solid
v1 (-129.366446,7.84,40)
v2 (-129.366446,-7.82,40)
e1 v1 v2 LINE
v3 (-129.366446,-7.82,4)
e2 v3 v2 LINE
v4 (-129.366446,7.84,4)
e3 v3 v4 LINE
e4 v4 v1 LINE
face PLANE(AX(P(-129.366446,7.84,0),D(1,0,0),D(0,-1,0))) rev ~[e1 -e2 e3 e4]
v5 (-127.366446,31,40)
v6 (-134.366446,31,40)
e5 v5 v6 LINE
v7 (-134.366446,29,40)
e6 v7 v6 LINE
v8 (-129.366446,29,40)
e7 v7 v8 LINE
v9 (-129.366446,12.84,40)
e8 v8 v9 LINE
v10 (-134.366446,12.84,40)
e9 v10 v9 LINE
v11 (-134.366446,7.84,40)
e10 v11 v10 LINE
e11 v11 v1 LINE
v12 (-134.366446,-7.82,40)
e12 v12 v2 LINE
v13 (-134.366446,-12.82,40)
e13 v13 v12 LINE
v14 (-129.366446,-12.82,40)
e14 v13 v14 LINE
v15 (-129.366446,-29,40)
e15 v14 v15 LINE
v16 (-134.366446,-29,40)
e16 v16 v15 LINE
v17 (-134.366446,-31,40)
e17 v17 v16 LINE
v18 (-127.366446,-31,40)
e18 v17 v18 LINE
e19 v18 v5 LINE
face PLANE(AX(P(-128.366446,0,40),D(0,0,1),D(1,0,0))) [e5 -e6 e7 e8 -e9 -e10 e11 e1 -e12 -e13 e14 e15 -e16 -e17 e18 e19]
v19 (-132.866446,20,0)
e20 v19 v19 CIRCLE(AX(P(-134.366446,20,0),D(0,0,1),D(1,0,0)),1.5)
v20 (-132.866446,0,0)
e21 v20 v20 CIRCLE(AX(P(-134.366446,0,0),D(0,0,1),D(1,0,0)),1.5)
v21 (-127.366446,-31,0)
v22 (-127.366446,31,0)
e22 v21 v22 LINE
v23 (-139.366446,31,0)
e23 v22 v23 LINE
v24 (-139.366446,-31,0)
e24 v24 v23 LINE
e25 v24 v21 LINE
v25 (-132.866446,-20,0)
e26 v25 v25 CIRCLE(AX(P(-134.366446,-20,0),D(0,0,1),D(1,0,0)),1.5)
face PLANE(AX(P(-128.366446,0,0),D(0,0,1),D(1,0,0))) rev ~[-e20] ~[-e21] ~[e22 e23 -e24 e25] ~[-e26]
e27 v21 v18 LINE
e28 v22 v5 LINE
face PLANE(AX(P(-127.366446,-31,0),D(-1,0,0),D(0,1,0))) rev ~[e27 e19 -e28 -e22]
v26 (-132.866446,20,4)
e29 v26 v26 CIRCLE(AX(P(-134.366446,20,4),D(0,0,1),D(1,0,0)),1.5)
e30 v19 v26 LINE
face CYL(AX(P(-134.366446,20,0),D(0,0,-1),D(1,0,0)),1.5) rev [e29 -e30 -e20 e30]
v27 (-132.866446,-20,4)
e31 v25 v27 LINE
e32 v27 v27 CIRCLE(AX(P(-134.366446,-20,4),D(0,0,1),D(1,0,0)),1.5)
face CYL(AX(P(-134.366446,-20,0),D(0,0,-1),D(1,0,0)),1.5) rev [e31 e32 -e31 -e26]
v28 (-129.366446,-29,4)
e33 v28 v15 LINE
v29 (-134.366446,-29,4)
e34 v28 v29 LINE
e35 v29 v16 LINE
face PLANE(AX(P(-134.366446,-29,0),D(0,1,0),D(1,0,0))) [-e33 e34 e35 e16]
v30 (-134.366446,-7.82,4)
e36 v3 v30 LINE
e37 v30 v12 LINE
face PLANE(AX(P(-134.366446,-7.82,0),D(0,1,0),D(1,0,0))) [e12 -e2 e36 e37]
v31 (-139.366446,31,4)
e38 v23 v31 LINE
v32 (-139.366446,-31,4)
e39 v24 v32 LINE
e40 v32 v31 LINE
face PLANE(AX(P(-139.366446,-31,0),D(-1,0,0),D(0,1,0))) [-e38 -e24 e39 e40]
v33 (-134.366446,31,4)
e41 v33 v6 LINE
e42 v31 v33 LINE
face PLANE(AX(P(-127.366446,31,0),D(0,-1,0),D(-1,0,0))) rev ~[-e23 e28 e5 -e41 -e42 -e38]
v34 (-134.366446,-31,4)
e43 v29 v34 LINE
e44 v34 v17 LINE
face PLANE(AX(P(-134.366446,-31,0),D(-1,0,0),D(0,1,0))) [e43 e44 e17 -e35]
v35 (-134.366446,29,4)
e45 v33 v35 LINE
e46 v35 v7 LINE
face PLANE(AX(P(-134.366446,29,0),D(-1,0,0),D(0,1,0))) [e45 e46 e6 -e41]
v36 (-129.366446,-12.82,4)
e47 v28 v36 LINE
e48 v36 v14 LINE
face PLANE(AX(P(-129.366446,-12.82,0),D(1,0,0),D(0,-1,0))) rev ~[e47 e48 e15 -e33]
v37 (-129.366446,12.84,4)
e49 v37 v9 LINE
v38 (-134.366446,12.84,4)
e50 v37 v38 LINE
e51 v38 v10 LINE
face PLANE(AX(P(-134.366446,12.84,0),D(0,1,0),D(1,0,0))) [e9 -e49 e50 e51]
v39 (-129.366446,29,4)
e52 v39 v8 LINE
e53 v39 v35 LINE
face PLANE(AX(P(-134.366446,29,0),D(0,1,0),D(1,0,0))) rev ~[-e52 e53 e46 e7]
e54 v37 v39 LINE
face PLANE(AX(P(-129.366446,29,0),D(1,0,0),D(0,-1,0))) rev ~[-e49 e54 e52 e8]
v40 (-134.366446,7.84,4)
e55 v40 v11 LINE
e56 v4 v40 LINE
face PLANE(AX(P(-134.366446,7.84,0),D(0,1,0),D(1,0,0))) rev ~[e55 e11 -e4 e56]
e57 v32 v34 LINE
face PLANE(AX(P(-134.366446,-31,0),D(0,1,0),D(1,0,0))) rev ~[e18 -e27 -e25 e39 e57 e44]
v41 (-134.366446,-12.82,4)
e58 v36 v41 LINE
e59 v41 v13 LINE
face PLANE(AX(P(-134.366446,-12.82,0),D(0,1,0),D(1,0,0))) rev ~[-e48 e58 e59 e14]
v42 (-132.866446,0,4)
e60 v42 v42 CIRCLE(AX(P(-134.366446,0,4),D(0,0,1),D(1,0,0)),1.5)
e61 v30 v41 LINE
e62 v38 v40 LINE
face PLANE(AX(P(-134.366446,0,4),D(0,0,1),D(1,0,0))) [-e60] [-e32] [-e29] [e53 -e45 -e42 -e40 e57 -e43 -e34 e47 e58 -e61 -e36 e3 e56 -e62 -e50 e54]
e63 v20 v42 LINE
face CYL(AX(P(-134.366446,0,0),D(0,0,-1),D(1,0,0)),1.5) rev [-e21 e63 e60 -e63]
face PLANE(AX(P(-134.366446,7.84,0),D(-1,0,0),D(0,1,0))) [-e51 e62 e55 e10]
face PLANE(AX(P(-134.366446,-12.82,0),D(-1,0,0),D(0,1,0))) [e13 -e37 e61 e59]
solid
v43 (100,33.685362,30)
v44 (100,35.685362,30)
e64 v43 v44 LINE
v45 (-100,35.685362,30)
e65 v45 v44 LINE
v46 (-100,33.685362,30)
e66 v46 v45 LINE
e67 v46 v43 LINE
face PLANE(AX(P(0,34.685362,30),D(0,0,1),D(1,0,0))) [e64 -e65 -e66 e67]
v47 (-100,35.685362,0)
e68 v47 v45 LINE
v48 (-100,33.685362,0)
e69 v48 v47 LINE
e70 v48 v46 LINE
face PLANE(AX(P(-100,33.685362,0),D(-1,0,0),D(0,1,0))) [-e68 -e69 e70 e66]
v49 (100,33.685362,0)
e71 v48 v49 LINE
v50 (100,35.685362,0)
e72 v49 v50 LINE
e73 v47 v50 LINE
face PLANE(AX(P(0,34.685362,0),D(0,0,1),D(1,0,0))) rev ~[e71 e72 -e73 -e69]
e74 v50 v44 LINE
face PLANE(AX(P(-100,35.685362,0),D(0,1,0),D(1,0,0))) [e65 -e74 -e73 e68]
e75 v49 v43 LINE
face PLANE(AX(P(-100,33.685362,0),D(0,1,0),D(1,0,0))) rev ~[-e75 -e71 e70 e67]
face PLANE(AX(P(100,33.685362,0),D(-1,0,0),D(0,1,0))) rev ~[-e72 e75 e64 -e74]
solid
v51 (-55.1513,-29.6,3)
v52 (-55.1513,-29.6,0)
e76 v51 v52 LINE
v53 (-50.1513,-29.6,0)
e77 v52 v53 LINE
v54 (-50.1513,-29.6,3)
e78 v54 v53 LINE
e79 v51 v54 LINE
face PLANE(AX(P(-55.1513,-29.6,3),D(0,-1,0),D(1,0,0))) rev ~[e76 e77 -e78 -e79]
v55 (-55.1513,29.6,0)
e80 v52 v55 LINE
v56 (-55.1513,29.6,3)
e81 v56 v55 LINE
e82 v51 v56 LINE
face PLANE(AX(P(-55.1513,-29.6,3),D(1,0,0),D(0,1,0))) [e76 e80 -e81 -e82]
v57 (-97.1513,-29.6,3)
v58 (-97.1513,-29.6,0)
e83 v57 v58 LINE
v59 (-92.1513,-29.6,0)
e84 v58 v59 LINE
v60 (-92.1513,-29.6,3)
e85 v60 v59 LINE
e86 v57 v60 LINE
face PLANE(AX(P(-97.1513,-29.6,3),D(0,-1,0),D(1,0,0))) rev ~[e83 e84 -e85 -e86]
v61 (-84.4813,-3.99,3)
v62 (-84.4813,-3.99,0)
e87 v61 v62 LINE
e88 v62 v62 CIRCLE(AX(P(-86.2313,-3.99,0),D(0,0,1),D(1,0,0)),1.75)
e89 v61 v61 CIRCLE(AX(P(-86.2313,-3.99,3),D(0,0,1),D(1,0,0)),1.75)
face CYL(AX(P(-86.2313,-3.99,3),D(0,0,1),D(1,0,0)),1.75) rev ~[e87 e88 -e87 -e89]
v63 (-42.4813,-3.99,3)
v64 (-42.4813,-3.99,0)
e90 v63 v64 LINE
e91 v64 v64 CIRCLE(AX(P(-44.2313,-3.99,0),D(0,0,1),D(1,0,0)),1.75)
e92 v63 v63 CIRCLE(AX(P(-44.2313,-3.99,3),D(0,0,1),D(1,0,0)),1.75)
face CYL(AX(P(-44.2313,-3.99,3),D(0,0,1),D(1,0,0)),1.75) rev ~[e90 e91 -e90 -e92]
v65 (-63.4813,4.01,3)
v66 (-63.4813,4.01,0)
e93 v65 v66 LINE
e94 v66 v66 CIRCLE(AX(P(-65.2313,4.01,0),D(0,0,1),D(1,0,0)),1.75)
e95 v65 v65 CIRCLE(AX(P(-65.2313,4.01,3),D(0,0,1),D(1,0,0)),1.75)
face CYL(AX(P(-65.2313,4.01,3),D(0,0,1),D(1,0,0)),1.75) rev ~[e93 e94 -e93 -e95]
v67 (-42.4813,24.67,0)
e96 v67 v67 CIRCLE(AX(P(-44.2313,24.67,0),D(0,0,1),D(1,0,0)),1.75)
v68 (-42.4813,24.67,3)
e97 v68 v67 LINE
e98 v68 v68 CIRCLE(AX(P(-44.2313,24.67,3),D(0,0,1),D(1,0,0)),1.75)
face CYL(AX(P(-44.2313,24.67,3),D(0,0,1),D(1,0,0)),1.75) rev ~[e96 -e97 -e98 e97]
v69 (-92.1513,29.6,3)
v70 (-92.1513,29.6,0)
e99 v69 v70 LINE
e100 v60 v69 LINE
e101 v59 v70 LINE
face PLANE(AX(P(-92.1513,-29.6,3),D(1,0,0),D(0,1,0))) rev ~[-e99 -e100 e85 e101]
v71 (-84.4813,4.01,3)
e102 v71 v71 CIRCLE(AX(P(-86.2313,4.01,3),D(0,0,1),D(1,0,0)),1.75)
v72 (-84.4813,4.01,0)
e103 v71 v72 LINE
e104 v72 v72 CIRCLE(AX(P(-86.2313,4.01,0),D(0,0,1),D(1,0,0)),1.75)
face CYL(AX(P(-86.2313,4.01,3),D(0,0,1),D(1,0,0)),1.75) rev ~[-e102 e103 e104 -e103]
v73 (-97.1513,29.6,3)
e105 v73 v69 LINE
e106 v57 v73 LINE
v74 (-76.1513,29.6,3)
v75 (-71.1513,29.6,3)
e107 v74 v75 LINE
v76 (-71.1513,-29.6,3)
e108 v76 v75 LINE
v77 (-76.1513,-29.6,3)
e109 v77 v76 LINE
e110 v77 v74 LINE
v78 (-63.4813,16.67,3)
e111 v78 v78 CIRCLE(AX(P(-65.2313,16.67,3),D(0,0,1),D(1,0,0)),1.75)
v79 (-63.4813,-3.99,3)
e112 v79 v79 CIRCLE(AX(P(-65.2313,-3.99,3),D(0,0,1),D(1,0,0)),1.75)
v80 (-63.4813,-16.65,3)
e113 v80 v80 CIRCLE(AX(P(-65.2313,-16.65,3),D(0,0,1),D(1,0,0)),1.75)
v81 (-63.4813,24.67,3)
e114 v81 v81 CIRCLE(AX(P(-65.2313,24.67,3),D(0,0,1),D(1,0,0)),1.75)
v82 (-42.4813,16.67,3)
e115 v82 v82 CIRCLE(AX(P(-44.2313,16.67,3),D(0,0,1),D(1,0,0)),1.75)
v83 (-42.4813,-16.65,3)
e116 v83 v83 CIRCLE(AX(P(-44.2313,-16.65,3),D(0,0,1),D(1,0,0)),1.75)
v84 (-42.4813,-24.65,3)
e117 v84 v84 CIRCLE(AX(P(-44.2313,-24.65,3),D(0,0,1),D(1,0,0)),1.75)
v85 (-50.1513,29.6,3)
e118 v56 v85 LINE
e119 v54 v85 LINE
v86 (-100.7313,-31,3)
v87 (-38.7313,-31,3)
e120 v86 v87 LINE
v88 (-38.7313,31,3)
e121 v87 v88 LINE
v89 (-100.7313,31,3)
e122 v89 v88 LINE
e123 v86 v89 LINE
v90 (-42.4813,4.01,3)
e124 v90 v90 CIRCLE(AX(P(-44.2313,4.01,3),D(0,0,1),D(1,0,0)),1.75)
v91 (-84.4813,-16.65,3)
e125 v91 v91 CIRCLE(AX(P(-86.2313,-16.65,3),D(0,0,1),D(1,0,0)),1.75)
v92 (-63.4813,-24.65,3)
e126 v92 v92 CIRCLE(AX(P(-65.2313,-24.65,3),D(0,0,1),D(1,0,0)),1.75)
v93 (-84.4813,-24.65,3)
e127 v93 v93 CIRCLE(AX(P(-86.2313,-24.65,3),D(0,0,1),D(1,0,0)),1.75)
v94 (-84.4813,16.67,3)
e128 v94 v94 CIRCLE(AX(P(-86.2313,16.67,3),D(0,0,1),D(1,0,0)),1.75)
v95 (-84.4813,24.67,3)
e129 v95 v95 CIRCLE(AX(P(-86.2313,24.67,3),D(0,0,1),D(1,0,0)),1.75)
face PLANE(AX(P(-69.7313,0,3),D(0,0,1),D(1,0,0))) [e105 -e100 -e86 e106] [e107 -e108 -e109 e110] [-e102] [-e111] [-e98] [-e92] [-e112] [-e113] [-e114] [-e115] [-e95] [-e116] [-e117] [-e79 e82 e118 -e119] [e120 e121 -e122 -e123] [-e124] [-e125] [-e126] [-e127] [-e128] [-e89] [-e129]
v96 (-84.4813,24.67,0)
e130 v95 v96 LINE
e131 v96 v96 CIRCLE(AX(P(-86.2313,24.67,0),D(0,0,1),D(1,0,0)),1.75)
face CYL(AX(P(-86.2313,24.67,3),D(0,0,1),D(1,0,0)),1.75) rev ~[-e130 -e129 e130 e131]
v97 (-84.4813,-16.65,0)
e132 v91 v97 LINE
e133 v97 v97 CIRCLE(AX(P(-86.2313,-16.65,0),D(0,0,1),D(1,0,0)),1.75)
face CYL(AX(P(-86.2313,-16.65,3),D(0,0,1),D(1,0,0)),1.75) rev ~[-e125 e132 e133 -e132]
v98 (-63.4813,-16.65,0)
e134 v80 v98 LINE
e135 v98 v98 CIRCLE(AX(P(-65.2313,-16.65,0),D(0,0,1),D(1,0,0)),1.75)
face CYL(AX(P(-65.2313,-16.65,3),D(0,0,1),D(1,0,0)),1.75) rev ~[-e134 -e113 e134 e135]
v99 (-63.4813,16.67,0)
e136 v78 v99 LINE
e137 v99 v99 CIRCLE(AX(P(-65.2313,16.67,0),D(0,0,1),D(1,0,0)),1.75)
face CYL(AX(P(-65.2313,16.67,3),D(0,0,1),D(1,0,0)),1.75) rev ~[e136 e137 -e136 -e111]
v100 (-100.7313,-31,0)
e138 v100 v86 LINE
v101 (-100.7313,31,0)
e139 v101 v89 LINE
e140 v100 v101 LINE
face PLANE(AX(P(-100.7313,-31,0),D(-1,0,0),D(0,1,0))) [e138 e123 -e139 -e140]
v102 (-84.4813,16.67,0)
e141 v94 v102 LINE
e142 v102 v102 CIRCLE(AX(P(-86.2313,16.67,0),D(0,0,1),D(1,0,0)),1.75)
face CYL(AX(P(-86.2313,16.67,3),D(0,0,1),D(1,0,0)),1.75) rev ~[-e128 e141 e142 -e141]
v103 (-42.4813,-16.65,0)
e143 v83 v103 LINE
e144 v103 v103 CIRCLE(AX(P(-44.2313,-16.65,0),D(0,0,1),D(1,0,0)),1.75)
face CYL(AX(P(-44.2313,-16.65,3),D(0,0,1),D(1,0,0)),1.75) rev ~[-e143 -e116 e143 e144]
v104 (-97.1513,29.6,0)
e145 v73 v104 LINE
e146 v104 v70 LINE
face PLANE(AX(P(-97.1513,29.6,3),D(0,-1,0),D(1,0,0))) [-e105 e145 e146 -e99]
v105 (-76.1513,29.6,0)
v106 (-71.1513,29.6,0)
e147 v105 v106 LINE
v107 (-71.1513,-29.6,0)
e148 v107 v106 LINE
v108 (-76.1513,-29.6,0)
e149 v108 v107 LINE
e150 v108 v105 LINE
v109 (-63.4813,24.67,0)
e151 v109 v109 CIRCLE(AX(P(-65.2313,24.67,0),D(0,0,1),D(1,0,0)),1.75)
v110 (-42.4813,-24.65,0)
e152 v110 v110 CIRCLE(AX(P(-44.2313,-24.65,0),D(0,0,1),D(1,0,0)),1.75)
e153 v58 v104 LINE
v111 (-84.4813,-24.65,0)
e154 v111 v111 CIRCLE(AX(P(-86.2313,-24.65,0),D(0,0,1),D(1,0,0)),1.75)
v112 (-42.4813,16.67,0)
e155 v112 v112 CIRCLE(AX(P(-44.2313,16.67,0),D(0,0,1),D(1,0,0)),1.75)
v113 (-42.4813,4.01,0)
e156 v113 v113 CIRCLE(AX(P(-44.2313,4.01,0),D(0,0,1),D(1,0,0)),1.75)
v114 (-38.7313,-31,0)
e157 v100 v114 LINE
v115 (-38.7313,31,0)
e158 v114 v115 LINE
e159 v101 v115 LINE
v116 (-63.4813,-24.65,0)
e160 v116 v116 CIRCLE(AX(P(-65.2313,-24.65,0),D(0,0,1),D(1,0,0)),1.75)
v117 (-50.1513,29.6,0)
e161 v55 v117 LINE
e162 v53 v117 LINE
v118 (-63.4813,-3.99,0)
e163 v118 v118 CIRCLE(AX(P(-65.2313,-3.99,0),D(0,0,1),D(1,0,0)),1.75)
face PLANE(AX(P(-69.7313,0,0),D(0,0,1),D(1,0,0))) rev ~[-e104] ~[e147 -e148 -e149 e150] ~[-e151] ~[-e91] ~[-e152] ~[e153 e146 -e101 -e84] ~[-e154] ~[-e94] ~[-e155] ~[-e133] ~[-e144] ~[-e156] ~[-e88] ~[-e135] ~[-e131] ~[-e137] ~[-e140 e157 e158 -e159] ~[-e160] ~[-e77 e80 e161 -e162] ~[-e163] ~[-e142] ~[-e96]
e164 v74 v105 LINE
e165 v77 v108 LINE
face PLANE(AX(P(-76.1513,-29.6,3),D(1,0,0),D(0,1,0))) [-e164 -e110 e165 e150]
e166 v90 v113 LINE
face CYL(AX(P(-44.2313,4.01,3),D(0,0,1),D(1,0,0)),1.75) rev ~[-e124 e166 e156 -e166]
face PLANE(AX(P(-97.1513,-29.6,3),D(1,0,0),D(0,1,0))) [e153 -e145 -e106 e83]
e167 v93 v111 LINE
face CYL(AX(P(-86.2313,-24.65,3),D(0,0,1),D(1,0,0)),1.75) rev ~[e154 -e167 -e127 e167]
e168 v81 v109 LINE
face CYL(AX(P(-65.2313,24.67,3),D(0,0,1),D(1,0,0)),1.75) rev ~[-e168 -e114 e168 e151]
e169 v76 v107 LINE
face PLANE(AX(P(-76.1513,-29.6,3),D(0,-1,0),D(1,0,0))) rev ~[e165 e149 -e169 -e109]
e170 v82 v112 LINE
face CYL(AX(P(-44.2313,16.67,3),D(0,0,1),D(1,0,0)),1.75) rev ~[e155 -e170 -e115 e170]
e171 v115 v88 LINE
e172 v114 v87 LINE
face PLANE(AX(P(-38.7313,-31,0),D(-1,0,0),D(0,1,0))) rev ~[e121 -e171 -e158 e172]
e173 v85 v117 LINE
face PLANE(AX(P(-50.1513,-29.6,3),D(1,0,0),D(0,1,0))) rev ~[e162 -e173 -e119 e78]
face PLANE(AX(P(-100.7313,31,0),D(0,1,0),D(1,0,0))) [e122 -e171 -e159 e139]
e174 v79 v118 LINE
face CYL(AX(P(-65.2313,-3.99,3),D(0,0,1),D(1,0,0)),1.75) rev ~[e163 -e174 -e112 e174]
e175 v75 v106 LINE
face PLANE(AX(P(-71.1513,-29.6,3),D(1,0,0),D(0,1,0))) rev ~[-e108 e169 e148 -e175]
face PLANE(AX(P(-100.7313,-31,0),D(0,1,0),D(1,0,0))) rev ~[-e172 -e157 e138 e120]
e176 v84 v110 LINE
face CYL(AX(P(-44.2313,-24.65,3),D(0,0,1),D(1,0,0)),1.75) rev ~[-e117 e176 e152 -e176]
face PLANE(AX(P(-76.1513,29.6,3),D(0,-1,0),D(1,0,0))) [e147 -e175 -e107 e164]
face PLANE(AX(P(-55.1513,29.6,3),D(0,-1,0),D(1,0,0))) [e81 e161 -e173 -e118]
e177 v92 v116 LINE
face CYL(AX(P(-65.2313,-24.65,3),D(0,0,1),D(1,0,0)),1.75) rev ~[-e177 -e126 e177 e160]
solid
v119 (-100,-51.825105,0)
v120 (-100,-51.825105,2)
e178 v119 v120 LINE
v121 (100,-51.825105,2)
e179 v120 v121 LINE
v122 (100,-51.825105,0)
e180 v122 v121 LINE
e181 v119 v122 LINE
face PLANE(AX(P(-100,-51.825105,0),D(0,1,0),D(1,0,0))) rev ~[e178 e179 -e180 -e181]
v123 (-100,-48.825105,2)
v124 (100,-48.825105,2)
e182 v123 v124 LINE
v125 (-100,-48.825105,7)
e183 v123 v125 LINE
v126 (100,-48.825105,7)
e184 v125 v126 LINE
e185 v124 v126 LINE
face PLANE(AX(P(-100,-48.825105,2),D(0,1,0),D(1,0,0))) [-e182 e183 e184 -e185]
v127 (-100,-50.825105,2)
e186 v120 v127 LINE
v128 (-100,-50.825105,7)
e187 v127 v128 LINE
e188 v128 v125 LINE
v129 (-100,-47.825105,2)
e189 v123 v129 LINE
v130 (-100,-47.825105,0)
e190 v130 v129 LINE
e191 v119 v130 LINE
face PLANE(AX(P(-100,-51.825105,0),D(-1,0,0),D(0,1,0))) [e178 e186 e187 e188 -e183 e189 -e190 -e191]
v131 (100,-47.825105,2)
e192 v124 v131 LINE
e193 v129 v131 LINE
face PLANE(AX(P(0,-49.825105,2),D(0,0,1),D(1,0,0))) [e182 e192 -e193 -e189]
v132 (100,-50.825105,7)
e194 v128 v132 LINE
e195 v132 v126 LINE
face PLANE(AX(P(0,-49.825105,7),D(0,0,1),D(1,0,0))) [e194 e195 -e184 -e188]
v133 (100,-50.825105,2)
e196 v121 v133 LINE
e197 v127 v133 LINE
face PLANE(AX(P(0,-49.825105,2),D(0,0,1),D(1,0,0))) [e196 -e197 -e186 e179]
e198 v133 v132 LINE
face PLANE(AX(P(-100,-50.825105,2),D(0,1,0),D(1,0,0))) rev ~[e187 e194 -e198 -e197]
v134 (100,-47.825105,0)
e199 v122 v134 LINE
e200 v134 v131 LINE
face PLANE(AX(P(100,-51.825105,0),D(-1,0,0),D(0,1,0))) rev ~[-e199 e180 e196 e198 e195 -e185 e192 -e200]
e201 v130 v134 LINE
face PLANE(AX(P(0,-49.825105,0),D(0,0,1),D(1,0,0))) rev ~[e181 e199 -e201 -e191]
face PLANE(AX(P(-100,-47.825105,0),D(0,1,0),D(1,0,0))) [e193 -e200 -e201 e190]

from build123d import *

# Parameters (mm, degrees)
F0_W      = 62
F0_H      = 62
F1_DEPTH  = 3
F2_R      = 1.75
F2_W      = 5
F2_H      = 59.2
F3_DEPTH  = 25
F4_W      = 10
F4_H      = 62
F4_R      = 1.5
F5_DEPTH  = 4
F6_W      = 5
F6_H      = 2
F6_H_2    = 5
F7_DEPTH  = 40
F8_W      = 200
F8_H      = 2
F9_DEPTH  = 30
F10_W     = 200
F10_H     = 4
F11_DEPTH = 2
F12_W     = 200
F12_H     = 2
F13_DEPTH = 5


with BuildPart() as f1:
    # F0 (on Top) → F1 (new body)
    with BuildSketch(Plane.XY):
        with Locations((-69.7313, 0)):
            Rectangle(F0_W, F0_H)
    extrude(amount=F1_DEPTH)

    # F2 (on face) → F3 (cut)
    with BuildSketch(Plane.XY.offset(3)):
        with Locations((-86.2313, 24.67)):
            Circle(F2_R)
        with Locations((-86.2313, 16.67)):
            Circle(F2_R)
        with Locations((-86.2313, 4.01)):
            Circle(F2_R)
        with Locations((-86.2313, -3.99)):
            Circle(F2_R)
        with Locations((-86.2313, -16.65)):
            Circle(F2_R)
        with Locations((-86.2313, -24.65)):
            Circle(F2_R)
        with Locations((-65.2313, 24.67)):
            Circle(F2_R)
        with Locations((-65.2313, 16.67)):
            Circle(F2_R)
        with Locations((-65.2313, 4.01)):
            Circle(F2_R)
        with Locations((-65.2313, -3.99)):
            Circle(F2_R)
        with Locations((-65.2313, -16.65)):
            Circle(F2_R)
        with Locations((-65.2313, -24.65)):
            Circle(F2_R)
        with Locations((-44.2313, 24.67)):
            Circle(F2_R)
        with Locations((-44.2313, 16.67)):
            Circle(F2_R)
        with Locations((-44.2313, 4.01)):
            Circle(F2_R)
        with Locations((-44.2313, -3.99)):
            Circle(F2_R)
        with Locations((-44.2313, -16.65)):
            Circle(F2_R)
        with Locations((-44.2313, -24.65)):
            Circle(F2_R)
        with Locations((-94.6513, 0)):
            Rectangle(F2_W, F2_H)
        with Locations((-73.6513, 0)):
            Rectangle(F2_W, F2_H)
        with Locations((-52.6513, 0)):
            Rectangle(F2_W, F2_H)
    extrude(amount=-F3_DEPTH, mode=Mode.SUBTRACT)


with BuildPart() as f5:
    # F4 (on Top) → F5 (new body)
    with BuildSketch(Plane.XY):
        with Locations((-134.366446, 0)):
            Rectangle(F4_W, F4_H)
        with Locations((-134.366446, -20)):
            Circle(F4_R, mode=Mode.SUBTRACT)
        with Locations((-134.366446, 0)):
            Circle(F4_R, mode=Mode.SUBTRACT)
        with Locations((-134.366446, 20)):
            Circle(F4_R, mode=Mode.SUBTRACT)
    extrude(amount=F5_DEPTH)

    # F6 (on Top) → F7 (join)
    with BuildSketch(Plane.XY):
        Polygon((-129.366446, -31), (-127.366446, -31), (-127.366446, 31), (-129.366446, 31), (-129.366446, 29), (-129.366446, 12.84), (-129.366446, 7.84), (-129.366446, -7.82), (-129.366446, -12.82), (-129.366446, -29), align=None)
        with Locations((-131.866446, -30)):
            Rectangle(F6_W, F6_H)
        with Locations((-131.866446, 30)):
            Rectangle(F6_W, F6_H)
        with Locations((-131.866446, -10.32)):
            Rectangle(F6_W, F6_H_2)
        with Locations((-131.866446, 10.34)):
            Rectangle(F6_W, F6_H_2)
    extrude(amount=F7_DEPTH)


with BuildPart() as f9:
    # F8 (on Top) → F9 (new body)
    with BuildSketch(Plane.XY):
        with Locations((0, 34.685362)):
            Rectangle(F8_W, F8_H)
    extrude(amount=F9_DEPTH)


with BuildPart() as f11:
    # F10 (on Top) → F11 (new body)
    with BuildSketch(Plane.XY):
        with Locations((0, -49.825105)):
            Rectangle(F10_W, F10_H)
    extrude(amount=F11_DEPTH)

    # F12 (on face) → F13 (join)
    with BuildSketch(Plane.XY.offset(2)):
        with Locations((0, -49.825105)):
            Rectangle(F12_W, F12_H)
    extrude(amount=F13_DEPTH)


solid = Compound([f1.part, f5.part, f9.part, f11.part])
